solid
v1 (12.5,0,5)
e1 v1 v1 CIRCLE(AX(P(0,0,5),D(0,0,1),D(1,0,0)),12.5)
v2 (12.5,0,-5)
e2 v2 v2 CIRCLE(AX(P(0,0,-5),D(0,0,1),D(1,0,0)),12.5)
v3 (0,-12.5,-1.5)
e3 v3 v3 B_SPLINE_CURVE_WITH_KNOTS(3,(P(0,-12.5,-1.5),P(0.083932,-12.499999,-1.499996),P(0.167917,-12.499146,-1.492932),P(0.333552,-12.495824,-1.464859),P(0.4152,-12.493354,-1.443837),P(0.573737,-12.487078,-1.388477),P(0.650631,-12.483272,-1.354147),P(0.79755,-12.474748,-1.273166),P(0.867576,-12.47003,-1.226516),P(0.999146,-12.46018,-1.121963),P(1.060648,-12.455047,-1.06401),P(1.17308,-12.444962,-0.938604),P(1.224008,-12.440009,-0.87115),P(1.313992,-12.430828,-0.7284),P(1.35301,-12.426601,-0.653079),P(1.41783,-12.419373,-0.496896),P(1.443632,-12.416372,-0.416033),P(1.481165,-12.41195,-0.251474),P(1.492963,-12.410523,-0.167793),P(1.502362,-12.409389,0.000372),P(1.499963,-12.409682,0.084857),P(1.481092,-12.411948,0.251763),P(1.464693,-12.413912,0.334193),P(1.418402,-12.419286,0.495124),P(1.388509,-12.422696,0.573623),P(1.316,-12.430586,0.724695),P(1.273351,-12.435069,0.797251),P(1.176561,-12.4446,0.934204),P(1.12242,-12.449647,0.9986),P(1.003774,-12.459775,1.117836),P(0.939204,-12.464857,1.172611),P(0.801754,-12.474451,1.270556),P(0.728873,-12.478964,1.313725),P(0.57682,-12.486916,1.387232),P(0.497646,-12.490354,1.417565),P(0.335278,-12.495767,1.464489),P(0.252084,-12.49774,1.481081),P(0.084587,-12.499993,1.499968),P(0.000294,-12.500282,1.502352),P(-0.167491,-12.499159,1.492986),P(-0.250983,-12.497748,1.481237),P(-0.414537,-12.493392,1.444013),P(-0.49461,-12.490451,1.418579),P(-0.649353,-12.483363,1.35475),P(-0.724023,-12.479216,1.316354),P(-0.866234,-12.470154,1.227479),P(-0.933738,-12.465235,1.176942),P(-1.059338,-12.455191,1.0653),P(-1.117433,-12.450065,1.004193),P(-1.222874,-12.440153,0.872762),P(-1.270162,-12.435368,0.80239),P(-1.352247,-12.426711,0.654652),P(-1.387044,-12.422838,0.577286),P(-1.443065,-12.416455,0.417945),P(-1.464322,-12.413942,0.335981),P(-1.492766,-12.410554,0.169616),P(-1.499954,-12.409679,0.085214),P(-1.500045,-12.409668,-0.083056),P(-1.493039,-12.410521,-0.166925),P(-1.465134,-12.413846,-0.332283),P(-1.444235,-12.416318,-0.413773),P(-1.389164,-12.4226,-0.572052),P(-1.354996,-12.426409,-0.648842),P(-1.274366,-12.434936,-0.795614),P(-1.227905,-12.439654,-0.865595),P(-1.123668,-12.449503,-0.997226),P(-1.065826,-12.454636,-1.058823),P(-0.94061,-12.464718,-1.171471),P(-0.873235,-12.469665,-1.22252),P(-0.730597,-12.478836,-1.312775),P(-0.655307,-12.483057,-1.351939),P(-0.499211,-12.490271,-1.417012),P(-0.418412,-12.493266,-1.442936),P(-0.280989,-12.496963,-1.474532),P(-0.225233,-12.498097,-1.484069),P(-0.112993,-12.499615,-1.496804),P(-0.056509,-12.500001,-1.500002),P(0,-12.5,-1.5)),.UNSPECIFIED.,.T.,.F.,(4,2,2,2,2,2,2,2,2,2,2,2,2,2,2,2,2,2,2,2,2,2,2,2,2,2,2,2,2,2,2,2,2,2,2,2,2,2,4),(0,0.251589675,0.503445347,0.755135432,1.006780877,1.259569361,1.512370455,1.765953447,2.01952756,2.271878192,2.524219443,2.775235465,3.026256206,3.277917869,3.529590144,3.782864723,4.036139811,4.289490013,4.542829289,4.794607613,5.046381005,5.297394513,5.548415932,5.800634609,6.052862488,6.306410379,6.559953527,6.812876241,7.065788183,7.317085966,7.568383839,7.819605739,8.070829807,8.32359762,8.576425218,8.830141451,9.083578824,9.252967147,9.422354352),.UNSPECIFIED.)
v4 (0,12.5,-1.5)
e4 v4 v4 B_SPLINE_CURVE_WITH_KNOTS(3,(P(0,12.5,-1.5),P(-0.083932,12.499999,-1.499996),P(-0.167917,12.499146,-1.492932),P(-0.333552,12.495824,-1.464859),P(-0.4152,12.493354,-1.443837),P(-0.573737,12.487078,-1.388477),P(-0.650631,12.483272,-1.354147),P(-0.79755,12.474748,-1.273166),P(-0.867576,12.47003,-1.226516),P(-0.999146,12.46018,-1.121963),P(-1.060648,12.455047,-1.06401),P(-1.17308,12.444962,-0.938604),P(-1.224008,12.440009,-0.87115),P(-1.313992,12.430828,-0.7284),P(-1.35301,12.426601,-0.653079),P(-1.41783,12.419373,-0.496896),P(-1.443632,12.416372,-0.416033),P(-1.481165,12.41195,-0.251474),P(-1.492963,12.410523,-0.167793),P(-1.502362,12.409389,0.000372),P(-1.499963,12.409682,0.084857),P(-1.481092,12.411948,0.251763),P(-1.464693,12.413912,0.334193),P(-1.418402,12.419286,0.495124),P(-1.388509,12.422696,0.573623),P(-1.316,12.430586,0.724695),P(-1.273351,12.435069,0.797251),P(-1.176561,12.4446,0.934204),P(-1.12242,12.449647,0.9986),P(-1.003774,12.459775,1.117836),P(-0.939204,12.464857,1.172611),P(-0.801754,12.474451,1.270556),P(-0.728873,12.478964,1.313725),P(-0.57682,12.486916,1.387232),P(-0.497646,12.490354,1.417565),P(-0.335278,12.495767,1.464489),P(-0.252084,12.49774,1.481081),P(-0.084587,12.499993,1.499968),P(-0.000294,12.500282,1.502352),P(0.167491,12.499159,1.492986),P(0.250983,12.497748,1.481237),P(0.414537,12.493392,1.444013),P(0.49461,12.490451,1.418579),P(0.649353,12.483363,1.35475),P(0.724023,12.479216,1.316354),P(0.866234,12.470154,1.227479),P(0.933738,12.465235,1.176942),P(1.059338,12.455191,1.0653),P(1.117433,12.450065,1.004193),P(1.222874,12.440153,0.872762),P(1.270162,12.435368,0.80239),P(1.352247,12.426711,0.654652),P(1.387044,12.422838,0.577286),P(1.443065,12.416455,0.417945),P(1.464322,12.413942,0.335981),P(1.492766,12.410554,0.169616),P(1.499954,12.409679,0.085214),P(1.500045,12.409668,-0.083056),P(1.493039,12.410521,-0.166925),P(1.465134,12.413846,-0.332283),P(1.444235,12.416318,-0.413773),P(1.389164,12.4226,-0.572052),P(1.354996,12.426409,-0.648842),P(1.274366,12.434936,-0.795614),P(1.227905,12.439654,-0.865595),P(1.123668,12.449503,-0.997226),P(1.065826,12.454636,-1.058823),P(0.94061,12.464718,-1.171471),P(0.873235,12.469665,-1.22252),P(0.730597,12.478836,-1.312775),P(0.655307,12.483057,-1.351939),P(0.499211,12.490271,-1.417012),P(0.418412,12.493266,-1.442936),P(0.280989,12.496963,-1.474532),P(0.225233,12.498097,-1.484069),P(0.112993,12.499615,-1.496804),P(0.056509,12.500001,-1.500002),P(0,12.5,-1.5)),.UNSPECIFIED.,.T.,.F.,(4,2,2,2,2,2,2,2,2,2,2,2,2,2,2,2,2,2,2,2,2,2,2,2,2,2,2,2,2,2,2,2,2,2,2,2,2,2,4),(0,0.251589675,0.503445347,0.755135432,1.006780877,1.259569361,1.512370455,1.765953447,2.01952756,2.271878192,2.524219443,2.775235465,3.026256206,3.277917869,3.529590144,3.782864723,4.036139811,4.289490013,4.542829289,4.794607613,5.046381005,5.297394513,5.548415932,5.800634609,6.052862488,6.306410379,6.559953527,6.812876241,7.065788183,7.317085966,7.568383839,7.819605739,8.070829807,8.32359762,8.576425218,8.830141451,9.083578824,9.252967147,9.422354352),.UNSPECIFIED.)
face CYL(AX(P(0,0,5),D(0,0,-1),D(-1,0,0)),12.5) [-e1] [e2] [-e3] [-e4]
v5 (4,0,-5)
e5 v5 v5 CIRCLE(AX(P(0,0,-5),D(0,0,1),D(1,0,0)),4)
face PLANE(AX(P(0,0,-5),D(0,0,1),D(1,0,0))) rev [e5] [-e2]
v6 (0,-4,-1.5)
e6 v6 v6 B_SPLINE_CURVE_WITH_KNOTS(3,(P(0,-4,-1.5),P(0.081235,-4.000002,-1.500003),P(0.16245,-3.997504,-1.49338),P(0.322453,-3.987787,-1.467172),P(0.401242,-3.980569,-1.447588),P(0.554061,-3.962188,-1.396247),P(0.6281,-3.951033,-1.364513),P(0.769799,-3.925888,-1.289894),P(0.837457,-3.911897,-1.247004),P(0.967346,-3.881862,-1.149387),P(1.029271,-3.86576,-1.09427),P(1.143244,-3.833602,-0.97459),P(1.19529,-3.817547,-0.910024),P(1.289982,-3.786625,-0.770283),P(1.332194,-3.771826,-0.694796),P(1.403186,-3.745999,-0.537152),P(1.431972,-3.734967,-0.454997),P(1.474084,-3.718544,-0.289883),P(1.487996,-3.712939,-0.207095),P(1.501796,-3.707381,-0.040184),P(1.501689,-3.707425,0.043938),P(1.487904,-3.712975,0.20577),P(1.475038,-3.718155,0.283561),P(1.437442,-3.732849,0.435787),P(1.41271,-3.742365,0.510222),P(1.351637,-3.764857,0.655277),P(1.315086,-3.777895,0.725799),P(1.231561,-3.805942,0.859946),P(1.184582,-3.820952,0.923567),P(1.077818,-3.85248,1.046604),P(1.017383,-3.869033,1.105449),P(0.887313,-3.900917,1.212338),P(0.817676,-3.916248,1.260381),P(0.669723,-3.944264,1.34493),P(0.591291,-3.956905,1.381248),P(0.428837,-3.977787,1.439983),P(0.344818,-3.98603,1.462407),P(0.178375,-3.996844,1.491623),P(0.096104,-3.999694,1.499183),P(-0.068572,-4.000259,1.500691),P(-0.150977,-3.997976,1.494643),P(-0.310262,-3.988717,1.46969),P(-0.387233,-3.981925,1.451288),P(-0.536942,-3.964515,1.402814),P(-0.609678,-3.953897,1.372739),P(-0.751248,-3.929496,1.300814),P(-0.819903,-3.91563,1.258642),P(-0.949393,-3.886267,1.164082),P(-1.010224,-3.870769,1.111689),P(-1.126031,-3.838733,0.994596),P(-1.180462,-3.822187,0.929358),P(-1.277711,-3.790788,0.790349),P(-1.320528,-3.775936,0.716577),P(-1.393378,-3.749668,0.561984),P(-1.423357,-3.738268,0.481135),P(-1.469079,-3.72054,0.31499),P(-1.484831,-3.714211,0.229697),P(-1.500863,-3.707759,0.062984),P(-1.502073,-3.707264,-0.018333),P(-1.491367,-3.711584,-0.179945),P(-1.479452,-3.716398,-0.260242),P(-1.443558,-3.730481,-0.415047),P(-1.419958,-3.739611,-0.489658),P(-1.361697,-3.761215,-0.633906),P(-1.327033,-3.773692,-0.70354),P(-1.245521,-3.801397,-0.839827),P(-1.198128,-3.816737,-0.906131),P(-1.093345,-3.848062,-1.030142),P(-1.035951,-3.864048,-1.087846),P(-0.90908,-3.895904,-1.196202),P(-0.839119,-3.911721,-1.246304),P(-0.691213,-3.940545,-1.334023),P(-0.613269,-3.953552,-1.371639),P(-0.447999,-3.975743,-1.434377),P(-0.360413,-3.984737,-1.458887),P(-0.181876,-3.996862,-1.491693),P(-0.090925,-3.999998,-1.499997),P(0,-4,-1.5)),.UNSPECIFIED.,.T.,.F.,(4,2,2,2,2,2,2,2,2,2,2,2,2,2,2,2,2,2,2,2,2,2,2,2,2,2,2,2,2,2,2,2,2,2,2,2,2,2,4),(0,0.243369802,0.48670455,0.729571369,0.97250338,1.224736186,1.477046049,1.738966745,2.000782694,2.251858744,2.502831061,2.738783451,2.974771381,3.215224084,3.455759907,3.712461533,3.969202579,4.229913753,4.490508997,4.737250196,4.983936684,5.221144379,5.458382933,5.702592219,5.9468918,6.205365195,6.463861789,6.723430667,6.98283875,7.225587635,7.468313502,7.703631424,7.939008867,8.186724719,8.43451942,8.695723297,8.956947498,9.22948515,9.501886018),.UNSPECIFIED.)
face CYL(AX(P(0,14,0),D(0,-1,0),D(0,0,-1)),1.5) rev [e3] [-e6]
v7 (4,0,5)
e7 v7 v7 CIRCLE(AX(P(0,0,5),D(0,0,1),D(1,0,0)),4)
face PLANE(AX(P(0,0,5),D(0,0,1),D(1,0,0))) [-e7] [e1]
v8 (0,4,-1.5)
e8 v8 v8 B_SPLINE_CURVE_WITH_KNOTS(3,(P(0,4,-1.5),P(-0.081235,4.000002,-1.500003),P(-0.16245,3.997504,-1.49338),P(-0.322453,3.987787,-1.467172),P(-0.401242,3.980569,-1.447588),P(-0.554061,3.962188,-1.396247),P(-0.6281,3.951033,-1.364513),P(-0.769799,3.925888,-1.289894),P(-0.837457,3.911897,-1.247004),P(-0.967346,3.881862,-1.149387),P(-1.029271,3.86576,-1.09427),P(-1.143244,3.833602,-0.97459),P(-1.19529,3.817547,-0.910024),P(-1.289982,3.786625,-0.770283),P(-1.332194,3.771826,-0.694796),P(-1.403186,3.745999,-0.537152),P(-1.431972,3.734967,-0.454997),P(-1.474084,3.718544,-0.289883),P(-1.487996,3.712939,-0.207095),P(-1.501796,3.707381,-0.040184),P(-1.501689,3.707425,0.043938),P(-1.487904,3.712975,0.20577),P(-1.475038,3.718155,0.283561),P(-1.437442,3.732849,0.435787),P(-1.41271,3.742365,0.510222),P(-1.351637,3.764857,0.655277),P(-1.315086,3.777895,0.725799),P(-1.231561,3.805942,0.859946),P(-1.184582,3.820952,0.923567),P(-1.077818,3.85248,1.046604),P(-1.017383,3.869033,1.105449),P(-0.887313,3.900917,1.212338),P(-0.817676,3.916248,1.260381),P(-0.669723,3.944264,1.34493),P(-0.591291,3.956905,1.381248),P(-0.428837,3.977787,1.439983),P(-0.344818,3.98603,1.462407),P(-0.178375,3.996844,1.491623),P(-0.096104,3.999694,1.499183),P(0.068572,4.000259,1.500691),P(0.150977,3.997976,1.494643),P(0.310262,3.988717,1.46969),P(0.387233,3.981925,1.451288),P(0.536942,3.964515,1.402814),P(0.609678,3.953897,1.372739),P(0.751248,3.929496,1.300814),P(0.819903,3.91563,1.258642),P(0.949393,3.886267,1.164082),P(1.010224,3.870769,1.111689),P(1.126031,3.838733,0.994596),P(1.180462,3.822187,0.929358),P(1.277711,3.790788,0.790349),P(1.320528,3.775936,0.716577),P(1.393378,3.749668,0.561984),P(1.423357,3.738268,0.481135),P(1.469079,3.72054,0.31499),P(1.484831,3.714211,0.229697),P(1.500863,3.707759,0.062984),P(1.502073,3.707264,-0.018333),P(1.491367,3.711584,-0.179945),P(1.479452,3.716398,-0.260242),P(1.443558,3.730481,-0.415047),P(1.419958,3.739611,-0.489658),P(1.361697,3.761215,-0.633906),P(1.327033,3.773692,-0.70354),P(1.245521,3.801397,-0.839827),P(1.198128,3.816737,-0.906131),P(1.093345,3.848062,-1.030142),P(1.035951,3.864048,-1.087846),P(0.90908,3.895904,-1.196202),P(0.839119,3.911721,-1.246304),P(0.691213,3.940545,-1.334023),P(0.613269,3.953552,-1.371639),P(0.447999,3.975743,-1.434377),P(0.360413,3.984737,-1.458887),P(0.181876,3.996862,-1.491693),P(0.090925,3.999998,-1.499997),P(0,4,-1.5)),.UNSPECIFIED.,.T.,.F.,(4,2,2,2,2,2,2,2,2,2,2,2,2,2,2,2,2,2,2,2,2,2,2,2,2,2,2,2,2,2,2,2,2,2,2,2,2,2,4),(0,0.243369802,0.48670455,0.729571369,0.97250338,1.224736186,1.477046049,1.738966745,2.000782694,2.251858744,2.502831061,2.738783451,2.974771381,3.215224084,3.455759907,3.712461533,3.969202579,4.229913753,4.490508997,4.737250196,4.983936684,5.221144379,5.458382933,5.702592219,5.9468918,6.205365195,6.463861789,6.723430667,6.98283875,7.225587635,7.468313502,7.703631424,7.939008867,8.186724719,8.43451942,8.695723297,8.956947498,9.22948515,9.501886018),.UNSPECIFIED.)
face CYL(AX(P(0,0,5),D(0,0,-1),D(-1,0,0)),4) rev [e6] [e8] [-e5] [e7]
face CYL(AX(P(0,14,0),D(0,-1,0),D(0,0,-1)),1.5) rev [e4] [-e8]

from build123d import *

# Parameters (mm, degrees)
SKETCH1_R               = 12.5
SKETCH1_R_2             = 4
BOSS_EXTRUDE1_DEPTH     = 5
CUT_EXTRUDE1_DEPTH      = 14
CUT_EXTRUDE1_DEPTH_BACK = 17
SKETCH2_R               = 1.5


with BuildPart() as part:
    # Sketch1 → Boss-Extrude1 (new, symmetric)
    with BuildSketch(Plane.XY):
        Circle(SKETCH1_R)
        Circle(SKETCH1_R_2, mode=Mode.SUBTRACT)
    extrude(amount=BOSS_EXTRUDE1_DEPTH, both=True)

    # Sketch2 → Cut-Extrude1 (cut, two sides: drawn at the far end of the back side and taken through both)
    with BuildSketch(Plane(origin=(0, 0, 0), x_dir=(1, 0, 0), z_dir=(0, 1, 0)).offset(-CUT_EXTRUDE1_DEPTH_BACK)):
        with Locations(Location((0, 0, 0), (0, 0, 90))):
            Circle(SKETCH2_R)
    extrude(amount=CUT_EXTRUDE1_DEPTH + CUT_EXTRUDE1_DEPTH_BACK, mode=Mode.SUBTRACT)


solid = part.part
